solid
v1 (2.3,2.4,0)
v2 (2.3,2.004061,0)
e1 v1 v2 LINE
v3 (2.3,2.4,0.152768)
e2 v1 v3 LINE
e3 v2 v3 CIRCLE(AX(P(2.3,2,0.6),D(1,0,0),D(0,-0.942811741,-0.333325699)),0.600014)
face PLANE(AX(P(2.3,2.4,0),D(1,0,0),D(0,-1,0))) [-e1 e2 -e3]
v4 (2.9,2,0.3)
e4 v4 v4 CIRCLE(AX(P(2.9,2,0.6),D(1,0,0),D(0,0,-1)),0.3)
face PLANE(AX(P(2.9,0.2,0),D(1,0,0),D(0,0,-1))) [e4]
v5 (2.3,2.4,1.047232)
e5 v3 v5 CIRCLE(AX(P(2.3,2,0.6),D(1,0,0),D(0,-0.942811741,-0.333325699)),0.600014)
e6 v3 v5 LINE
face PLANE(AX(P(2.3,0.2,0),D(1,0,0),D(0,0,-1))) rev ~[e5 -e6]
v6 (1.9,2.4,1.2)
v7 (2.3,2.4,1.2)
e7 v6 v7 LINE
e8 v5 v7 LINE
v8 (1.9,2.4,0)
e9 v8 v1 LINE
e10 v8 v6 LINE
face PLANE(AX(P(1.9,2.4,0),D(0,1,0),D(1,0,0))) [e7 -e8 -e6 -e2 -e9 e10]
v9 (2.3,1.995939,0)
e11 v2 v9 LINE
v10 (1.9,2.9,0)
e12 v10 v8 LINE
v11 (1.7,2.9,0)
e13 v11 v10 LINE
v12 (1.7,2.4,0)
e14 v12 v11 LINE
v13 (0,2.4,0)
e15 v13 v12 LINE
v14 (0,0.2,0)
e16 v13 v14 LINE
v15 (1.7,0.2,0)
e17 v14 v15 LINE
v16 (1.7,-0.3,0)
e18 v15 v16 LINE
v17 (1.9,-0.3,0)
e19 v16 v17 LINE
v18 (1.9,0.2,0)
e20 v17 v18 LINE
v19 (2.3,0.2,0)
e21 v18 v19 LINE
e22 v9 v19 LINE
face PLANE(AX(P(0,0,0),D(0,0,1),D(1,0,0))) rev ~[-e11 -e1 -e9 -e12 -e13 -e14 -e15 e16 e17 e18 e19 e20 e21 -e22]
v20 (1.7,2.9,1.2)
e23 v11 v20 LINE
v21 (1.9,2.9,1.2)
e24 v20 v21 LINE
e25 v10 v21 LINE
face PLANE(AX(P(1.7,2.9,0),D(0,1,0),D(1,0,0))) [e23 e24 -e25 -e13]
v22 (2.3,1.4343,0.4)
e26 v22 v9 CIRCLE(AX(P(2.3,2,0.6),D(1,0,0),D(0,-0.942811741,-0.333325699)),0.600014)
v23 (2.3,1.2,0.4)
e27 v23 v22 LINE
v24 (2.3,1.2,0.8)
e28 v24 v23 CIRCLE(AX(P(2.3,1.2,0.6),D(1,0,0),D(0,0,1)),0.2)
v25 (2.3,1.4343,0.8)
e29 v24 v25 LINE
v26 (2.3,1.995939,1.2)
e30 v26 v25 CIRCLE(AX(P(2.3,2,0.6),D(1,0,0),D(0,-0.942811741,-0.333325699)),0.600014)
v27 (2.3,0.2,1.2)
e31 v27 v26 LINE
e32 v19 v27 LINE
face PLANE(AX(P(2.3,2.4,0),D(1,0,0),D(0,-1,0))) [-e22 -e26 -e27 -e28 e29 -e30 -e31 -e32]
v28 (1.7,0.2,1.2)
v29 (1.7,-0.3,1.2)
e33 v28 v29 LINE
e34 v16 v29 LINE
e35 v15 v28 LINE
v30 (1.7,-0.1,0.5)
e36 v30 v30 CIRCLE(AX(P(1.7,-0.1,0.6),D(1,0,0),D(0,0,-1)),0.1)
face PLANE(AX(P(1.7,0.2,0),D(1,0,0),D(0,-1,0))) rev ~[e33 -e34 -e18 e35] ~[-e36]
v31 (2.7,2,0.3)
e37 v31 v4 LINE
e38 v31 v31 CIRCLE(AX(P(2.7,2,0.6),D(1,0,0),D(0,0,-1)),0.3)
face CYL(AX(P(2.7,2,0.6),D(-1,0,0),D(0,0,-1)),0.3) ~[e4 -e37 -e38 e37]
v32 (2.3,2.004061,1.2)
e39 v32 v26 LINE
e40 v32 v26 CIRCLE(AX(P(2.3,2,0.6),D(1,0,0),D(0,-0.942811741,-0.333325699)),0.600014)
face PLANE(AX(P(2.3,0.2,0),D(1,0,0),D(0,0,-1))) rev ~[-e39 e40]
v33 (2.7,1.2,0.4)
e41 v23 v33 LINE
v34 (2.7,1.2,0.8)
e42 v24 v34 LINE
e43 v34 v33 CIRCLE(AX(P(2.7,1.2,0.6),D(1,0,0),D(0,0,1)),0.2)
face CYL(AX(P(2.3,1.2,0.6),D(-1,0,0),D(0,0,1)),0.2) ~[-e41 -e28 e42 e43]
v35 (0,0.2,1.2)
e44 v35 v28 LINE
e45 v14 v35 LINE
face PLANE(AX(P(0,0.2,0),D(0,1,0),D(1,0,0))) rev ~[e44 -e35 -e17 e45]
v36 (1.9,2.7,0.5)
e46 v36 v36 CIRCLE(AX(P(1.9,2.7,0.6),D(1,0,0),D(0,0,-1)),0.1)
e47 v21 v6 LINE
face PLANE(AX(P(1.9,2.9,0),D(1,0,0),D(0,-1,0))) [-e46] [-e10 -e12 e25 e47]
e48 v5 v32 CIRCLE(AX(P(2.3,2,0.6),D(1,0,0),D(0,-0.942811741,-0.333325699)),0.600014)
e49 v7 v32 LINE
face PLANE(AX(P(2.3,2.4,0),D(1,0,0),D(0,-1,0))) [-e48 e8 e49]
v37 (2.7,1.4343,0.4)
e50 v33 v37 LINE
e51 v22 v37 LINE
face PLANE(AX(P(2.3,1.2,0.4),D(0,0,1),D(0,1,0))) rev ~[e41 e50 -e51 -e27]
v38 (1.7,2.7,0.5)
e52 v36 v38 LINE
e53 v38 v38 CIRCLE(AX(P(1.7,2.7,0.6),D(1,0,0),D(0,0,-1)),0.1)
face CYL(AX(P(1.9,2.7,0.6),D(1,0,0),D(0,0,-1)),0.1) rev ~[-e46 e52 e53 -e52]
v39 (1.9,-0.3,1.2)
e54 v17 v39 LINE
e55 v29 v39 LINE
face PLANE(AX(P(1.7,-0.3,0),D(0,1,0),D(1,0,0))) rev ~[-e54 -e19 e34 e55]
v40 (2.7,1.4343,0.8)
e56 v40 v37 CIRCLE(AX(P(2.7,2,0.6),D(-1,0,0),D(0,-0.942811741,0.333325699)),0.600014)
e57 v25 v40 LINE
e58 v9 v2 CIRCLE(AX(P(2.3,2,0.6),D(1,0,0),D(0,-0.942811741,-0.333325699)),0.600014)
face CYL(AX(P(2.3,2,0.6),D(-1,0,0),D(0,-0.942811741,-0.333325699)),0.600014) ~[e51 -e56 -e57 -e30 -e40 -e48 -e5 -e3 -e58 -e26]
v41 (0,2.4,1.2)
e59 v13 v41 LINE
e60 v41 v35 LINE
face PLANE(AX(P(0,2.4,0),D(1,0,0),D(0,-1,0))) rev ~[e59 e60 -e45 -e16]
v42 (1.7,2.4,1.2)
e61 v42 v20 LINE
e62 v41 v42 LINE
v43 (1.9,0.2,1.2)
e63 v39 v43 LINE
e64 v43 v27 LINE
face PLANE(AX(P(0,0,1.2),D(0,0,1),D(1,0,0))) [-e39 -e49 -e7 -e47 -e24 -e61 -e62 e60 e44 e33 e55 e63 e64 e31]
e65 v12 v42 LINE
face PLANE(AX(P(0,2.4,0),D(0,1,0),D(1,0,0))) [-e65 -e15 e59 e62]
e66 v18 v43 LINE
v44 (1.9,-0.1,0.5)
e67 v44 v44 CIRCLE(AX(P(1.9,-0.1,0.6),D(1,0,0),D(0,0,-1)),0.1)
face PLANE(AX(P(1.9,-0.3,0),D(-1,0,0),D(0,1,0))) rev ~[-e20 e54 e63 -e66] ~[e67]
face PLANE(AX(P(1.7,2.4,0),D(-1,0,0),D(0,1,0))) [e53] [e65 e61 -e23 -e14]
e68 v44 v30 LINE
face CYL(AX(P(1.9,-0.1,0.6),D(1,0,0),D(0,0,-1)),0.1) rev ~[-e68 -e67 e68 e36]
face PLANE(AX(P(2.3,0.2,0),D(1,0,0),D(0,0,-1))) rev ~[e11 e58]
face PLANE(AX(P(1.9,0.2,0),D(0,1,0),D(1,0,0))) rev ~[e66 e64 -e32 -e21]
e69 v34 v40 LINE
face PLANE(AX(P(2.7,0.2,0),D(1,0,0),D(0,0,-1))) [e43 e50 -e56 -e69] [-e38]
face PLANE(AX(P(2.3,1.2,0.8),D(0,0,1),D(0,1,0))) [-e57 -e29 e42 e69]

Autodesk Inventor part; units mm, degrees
ref_plane "YZ Plane" through (0, 0, 0) normal (1, 0, 0) x (0, 1, 0)
ref_plane "XZ Plane" through (0, 0, 0) normal (0, 1, 0) x (-1, 0, 0)
ref_plane "XY Plane" through (0, 0, 0) normal (0, 0, 1) x (1, 0, 0)
sketch "Boceto1" plane through (0, 0, 0) normal (0, 0, 1) x (1, 0, 0)
  line L0 (0, 2.4) -> (0, 0.2)
  line L1 (0, 0.2) -> (1.7, 0.2)
  line L2 (0, 2.4) -> (1.7, 2.4)
  line L3 (1.7, 2.4) -> (1.7, 2.9)
  line L4 (1.7, 2.9) -> (1.9, 2.9)
  line L5 (1.9, 2.9) -> (1.9, 2.4)
  line L6 (1.9, 2.4) -> (2.3, 2.4)
  line L7 (2.3, 2.4) -> (2.3, 0.2)
  line L8 (2.3, 2.4) -> (2.7, 2.4)
  line L9 (2.7, 1.2) -> (2.7, 0.8)
  line L10 (2.7, 0.8) -> (2.3, 0.8)
  line L11 (1.7, 0.2) -> (1.7, -0.3)
  line L12 (1.7, -0.3) -> (1.9, -0.3)
  line L13 (1.9, -0.3) -> (1.9, 0.2)
  line L14 (1.9, 0.2) -> (2.3, 0.2)
  line L15 (2.3, 1.2) -> (2.7, 1.2)
  line L16 (2.7, 1.2) -> (2.7, 2.4)
  line L17 (2.7, 1.5) -> (2.9, 1.5)
  line L18 (2.9, 1.5) -> (2.9, 2.1)
  line L19 (2.9, 2.1) -> (2.7, 2.1)
  line L20 (2.3, 0.2) -> (3.3416, 0.2)
  point P0 (0, 0)
extrude "Extrusión1" add sketch "Boceto1" along normal blind 1.2 contours L2 L3 L4 L5 L6 L7 L14 L13 L12 L11 L1 L0
sketch "Boceto2" plane through (2.3, 0.2, 0) normal (1, 0, 0) x (0, 0, -1)
  line L0 (0, 0) -> (0, 2.2) projected
  line L1 (0, 2.2) -> (-1.2, 2.2) projected
  line L2 (-1.2, 0) -> (-1.2, 2.2) projected
  line L3 (-1.2, 2.4) -> (-1.2, 0)
  line L4 (-1.2, 0) -> (0, 0)
  line L5 (0, 2.4) -> (-1.2, 2.4)
  line L6 (-1.2, 2.9) -> (0, 2.9)
  line L7 (-1.2, 2.9) -> (-1.2, 2.4)
  line L8 (-1.2, -0.5) -> (0, -0.5)
  line L9 (0, -0.5) -> (0, 2.9)
  line L10 (-1.2, 0) -> (-1.2, -0.5)
  arc A0 (-0.4, 1.2343) -> (-0.8, 1.2343) centre (-0.6, 1.8) ccw
  circle A1 centre (-0.6, 1.8) radius 0.3
  arc A2 (-0.8, 1) -> (-0.4, 1) centre (-0.6, 1) ccw
  line L11 (-0.8, 1) -> (-0.8, 1.2343)
  line L12 (-0.4, 1) -> (-0.4, 1.2343)
  line L13 (0, 0) -> (-1.2, 0) projected
  point P0 (0, -0.2)
extrude "Extrusión2" add sketch "Boceto2" along normal blind 0.4 contours A0 L12 A2 L11 L1 | L1 A0 | A1
sketch "Boceto3" plane through (2.7, 0.2, 0) normal (1, 0, 0) x (0, 0, -1)
  line L0 (-1.2, 2.4) -> (-1.2, 0)
  line L1 (-1.2, 0) -> (0, 0)
  line L2 (0, 2.4) -> (-1.2, 2.4)
  line L3 (-1.2, 2.9) -> (0, 2.9)
  line L4 (-1.2, 2.9) -> (-1.2, 2.4)
  line L5 (-1.2, -0.5) -> (0, -0.5)
  line L6 (0, -0.5) -> (0, 2.9)
  line L7 (-1.2, 0) -> (-1.2, -0.5)
  arc A0 (-0.4, 1.2343) -> (-0.8, 1.2343) centre (-0.6, 1.8) ccw
  circle A1 centre (-0.6, 1.8) radius 0.3
  arc A2 (-0.8, 1) -> (-0.4, 1) centre (-0.6, 1) ccw
  line L8 (-0.8, 1) -> (-0.8, 1.2343)
  line L9 (-0.4, 1) -> (-0.4, 1.2343)
  arc A3 (-0.4, 1.2343) -> (-0.8, 1.2343) centre (-0.6, 1.8) ccw projected
  line L10 (-0.8, 1.2343) -> (-0.8, 1) projected
  arc A4 (-0.8, 1) -> (-0.4, 1) centre (-0.6, 1) ccw projected
  line L11 (-0.4, 1) -> (-0.4, 1.2343) projected
  point P0 (0, -0.2)
extrude "Extrusión3" add sketch "Boceto3" along normal blind 0.2 contours A1
sketch "Boceto6" plane through (1.9, -0.3, 0) normal (1, 0, 0) x (0, 0, -1)
  line L0 (0, 0) -> (-1.2, 0) projected
  circle A0 centre (-0.6, 0.2) radius 0.1
  line L1 (0, 3.2) -> (-1.2, 3.2) projected
  circle A1 centre (-0.6, 3) radius 0.1
  point P0 (0, 0.3)
extrude "Extrusión4" cut sketch "Boceto6" against normal blind 10
properties part number "learnbotServo"
